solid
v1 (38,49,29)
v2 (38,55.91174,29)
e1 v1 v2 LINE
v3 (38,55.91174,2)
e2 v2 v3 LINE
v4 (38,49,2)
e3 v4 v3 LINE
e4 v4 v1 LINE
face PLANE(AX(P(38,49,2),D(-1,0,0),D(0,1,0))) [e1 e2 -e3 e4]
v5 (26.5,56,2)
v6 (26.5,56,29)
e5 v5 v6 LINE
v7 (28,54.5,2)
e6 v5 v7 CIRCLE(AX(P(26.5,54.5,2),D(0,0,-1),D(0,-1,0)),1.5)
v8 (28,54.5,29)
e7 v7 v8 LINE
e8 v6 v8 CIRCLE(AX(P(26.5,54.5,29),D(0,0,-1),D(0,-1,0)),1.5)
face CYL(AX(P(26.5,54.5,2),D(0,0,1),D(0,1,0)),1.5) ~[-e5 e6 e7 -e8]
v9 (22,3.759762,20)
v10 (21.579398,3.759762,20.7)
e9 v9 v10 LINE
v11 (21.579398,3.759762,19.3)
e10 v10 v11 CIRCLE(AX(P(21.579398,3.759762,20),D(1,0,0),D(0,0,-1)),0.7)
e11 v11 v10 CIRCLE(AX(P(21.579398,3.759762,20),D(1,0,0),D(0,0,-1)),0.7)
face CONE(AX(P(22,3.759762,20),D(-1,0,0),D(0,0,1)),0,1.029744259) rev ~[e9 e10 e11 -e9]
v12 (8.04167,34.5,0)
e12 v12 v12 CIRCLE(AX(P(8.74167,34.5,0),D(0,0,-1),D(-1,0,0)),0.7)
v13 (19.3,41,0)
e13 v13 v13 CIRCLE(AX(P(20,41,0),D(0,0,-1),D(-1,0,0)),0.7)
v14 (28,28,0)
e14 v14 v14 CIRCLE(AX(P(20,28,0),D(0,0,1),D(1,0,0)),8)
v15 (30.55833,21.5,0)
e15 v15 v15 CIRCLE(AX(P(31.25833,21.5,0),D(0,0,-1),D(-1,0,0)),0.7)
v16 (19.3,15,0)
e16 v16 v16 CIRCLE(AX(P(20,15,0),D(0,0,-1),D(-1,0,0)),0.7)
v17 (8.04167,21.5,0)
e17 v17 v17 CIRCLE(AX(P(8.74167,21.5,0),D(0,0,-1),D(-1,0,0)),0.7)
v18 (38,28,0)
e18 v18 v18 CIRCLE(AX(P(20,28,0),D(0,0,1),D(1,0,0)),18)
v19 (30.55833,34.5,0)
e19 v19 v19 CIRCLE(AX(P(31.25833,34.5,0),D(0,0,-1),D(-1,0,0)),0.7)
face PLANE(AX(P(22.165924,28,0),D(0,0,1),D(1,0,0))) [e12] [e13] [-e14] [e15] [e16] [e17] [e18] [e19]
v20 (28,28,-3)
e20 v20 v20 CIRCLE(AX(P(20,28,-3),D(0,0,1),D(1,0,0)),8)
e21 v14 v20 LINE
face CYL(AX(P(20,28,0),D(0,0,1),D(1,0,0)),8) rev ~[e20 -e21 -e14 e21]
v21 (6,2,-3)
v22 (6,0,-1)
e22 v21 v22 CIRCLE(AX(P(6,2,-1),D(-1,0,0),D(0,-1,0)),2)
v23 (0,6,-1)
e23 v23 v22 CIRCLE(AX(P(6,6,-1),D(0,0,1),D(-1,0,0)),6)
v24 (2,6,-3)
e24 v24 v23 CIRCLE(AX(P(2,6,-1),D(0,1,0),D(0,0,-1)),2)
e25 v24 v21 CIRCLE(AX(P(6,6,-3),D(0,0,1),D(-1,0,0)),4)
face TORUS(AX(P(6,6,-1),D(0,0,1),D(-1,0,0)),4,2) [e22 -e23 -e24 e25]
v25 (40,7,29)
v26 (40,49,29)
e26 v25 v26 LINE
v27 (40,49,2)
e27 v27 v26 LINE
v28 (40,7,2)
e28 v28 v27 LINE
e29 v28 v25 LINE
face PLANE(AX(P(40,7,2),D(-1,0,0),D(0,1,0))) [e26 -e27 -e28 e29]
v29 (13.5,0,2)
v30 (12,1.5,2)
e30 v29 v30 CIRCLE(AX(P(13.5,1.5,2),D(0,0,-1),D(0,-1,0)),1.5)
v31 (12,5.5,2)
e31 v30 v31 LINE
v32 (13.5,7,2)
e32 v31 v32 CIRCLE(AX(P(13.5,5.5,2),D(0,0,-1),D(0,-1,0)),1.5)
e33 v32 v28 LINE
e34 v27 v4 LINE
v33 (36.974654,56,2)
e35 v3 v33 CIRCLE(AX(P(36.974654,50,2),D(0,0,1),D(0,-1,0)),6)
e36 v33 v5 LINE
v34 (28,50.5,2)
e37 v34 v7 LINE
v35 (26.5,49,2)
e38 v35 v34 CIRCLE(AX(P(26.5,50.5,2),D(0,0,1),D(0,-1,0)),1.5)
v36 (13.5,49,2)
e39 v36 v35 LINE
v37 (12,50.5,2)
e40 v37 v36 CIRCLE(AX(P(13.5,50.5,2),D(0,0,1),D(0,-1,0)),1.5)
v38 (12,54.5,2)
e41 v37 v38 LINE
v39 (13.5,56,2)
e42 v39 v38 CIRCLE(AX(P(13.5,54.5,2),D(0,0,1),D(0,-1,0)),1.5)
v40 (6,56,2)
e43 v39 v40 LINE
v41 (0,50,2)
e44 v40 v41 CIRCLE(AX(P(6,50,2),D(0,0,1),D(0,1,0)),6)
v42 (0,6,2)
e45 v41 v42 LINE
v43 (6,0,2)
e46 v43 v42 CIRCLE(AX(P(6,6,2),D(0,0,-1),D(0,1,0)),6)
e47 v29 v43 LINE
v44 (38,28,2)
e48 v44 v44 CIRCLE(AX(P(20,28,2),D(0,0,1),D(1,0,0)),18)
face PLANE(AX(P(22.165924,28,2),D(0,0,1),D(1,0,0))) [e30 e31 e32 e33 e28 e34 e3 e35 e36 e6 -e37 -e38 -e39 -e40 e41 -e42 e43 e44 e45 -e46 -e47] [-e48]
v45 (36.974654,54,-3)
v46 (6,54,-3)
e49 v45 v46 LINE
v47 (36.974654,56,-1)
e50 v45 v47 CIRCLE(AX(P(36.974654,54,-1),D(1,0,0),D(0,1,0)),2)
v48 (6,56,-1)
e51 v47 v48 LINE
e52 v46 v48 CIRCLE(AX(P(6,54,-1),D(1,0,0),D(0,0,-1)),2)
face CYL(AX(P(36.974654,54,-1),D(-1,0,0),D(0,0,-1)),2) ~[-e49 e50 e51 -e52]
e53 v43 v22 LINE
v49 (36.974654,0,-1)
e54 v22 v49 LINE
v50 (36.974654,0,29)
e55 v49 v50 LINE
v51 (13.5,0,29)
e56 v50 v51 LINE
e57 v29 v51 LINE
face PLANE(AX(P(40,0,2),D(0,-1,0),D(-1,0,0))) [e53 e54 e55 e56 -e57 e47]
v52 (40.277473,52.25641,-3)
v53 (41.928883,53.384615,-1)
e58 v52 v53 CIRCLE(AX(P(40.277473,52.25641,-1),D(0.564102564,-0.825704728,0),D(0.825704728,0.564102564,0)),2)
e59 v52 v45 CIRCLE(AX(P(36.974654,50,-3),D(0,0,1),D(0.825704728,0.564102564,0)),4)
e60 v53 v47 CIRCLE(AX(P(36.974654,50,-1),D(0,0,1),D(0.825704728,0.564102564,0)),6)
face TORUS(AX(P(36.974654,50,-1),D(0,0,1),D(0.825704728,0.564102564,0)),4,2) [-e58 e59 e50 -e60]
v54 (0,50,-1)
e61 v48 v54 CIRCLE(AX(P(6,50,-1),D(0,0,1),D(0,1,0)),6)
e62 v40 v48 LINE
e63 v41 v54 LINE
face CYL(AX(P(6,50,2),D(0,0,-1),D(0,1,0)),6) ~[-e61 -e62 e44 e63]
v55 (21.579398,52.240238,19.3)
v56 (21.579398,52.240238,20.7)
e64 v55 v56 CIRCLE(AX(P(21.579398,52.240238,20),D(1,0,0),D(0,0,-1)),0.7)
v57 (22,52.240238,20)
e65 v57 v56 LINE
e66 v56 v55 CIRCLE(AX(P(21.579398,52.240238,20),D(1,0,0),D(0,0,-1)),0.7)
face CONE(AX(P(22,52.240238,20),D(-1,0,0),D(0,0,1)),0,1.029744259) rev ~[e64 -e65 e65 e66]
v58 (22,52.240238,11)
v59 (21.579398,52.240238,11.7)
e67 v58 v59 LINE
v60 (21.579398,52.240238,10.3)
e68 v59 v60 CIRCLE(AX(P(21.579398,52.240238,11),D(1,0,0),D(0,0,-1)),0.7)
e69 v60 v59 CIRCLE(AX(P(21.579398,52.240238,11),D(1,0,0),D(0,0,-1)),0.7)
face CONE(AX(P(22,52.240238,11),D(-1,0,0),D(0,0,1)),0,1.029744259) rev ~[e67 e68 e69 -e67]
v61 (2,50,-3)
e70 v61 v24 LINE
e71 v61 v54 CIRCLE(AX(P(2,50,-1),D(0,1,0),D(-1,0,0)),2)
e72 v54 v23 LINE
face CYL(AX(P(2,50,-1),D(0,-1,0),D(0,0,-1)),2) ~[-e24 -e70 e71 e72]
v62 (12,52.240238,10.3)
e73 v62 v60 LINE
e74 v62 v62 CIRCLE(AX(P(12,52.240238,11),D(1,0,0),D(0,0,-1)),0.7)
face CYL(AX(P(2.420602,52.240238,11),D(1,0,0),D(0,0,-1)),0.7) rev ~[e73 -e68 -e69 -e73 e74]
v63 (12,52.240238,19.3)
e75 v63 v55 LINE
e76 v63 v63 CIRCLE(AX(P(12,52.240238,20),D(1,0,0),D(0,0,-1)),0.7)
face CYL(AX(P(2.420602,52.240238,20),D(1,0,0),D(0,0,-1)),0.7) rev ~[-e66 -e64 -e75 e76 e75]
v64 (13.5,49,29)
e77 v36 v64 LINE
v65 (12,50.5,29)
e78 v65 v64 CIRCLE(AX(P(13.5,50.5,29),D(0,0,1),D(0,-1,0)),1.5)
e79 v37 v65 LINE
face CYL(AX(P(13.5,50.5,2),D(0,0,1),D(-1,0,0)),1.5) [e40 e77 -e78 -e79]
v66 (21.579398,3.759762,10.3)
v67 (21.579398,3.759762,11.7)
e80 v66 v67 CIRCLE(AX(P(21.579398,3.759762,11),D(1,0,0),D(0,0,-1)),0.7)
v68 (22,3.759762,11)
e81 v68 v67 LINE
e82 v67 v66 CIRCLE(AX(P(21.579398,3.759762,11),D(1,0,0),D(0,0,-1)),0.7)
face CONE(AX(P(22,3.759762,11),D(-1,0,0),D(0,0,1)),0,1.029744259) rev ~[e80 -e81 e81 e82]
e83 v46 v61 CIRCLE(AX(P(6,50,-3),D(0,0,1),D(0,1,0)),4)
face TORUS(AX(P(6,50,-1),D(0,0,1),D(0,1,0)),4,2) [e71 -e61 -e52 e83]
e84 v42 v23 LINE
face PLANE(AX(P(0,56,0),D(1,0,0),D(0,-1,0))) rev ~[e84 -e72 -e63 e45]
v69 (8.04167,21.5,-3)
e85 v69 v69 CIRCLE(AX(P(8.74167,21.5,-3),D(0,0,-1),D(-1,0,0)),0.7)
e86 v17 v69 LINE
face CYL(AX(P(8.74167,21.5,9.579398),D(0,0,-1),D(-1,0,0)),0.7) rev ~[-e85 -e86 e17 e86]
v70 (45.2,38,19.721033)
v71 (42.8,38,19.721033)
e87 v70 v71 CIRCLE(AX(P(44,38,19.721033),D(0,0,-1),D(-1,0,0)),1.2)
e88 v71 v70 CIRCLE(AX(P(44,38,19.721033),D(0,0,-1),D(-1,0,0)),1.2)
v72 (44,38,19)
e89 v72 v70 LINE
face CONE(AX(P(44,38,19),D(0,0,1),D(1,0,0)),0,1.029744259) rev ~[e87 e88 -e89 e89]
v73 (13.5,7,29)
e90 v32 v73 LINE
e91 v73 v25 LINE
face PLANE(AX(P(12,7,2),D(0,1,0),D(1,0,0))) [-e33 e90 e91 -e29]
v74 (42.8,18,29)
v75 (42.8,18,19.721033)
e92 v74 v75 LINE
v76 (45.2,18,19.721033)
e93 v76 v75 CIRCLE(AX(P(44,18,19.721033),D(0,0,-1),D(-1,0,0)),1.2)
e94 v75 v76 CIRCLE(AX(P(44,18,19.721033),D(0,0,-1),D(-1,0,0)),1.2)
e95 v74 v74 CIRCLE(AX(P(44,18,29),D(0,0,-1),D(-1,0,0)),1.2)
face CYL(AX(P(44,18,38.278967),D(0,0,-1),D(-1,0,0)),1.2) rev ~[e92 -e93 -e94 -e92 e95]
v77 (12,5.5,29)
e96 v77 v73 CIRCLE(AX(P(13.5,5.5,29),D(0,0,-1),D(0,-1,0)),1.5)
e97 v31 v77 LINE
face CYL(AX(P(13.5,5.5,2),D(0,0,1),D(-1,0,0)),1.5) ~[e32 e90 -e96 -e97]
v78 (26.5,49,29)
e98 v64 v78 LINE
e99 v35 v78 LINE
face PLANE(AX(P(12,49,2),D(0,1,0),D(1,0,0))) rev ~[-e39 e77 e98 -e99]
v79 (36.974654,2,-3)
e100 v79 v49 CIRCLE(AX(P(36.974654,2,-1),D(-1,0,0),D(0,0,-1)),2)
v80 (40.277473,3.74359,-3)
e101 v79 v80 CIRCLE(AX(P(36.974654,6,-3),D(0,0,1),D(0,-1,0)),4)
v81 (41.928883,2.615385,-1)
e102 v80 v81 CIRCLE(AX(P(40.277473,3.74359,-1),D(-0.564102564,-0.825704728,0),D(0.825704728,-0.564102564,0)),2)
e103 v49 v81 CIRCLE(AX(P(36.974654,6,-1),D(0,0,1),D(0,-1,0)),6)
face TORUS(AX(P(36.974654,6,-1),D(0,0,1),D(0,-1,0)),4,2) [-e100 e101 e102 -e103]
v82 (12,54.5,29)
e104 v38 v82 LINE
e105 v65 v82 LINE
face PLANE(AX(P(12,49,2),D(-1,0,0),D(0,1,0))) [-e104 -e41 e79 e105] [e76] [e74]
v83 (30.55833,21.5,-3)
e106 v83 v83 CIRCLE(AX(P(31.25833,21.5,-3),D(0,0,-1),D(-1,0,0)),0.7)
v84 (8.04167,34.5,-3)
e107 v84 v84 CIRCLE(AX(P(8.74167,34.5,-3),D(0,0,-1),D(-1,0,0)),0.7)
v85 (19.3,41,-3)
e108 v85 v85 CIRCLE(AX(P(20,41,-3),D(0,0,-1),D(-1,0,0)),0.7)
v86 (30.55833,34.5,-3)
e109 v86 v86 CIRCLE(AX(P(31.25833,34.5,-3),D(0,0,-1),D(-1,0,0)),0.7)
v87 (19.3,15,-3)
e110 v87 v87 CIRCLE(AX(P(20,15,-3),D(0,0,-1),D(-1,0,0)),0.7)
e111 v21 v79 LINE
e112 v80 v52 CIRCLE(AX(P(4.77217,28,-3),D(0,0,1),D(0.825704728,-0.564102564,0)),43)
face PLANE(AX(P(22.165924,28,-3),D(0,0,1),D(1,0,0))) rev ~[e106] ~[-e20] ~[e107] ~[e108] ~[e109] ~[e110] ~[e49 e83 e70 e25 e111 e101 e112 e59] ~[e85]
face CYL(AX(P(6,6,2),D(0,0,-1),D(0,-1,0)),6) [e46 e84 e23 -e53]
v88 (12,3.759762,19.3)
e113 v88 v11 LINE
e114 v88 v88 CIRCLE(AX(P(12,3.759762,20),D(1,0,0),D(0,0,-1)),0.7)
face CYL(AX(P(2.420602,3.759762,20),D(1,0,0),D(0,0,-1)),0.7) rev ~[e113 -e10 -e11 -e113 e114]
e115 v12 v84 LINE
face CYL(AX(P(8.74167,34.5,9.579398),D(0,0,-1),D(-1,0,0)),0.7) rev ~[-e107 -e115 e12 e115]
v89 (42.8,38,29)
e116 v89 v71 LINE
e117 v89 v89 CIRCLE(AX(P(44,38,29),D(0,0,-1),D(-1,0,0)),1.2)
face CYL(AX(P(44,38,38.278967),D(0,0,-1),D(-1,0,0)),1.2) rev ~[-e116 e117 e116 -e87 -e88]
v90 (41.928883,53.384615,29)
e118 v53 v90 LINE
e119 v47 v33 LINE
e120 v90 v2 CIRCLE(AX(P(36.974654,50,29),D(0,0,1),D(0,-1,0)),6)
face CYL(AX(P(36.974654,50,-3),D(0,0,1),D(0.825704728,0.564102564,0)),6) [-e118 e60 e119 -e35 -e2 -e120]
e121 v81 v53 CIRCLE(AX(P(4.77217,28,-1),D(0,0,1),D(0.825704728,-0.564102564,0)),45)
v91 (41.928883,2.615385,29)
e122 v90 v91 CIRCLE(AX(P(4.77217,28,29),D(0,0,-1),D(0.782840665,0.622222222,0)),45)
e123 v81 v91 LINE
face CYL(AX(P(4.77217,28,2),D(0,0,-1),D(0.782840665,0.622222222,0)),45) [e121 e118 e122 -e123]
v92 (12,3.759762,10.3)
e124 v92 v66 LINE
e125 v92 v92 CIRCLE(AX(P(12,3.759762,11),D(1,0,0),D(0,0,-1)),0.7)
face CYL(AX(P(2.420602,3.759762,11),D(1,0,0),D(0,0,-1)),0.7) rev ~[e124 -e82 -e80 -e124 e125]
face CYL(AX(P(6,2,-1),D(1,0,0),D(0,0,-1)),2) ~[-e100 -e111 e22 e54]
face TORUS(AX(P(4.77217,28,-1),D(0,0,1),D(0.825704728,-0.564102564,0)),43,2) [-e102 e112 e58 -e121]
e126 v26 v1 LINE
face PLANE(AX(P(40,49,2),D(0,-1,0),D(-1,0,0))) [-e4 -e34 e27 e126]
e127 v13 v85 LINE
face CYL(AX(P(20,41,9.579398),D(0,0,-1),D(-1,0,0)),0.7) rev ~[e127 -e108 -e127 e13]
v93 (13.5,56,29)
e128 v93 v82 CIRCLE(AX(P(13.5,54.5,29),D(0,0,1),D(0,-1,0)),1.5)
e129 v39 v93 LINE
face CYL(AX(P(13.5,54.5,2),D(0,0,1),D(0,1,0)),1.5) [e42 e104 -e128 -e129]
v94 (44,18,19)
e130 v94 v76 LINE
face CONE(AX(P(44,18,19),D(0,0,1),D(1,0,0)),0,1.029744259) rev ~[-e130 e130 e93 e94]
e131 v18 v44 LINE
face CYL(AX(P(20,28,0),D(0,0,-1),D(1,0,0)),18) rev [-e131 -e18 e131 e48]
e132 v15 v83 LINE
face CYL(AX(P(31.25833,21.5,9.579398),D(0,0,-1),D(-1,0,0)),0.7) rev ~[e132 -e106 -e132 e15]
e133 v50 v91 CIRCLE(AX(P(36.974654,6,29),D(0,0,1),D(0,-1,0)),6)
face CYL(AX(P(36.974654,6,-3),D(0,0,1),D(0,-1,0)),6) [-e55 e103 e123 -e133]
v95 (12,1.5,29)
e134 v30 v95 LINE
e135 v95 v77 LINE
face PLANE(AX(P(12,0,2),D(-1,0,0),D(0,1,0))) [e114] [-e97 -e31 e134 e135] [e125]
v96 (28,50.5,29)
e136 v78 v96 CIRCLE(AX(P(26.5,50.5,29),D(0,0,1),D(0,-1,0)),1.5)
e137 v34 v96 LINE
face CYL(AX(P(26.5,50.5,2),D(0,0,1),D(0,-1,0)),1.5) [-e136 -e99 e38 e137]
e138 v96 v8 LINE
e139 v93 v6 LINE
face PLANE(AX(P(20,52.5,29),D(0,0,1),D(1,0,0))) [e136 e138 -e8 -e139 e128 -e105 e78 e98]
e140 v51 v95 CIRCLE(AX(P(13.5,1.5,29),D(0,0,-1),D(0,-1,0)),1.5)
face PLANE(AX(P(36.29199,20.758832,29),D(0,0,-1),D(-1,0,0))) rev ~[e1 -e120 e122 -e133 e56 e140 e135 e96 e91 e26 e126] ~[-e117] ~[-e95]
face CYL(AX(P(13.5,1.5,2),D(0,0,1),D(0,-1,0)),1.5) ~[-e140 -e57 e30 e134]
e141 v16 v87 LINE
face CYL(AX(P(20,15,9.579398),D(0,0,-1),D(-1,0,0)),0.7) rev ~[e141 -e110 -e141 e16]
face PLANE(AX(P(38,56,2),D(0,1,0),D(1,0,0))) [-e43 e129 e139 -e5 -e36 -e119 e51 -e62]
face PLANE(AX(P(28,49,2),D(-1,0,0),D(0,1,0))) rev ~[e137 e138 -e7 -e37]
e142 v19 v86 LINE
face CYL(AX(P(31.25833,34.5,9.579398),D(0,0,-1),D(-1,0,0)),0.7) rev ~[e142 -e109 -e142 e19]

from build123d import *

# Parameters (mm, degrees)
SKETCH_1_R              = 8
EXTRUDE_1_DEPTH         = 3
HOLE_WIZARD_M1_21_D     = 1.4
HOLE_WIZARD_M1_21_DEPTH = 9.579397567
HOLE_WIZARD_M1_21_TIP   = 0.420602433
EXTRUDE_START           = 2
SKETCH_1_3_R            = 18
EXTRUDE_2_DEPTH         = 2
EXTRUDE_START_2         = 27
SKETCH_2_W              = 16
SKETCH_2_H              = 7
EXTRUDE_3_DEPTH         = 27
FILLET_1_R              = 6
FILLET_3_R              = 1.5
HOLE_WIZARD_M21_D       = 2.4
HOLE_WIZARD_M21_DEPTH   = 9.278967257
HOLE_WIZARD_M21_TIP     = 0.721032743
HOLE_WIZARD_M1_22_D     = 1.4
HOLE_WIZARD_M1_22_DEPTH = 9.579397567
HOLE_WIZARD_M1_22_TIP   = 0.420602433
FILLET_4_R              = 2


with BuildPart() as part:
    # Эскиз1 → Бобышка-Вытянуть1 (new body)
    with BuildSketch(Plane.XY):
        with BuildLine():
            Line((0, 56), (0, 0))
            Line((0, 0), (40, 0))
            ThreePointArc((40, 0), (49.772170092, 28), (40, 56))
            Line((40, 56), (0, 56))
        make_face()
        with Locations((20, 28)):
            Circle(SKETCH_1_R, mode=Mode.SUBTRACT)
    extrude(amount=-EXTRUDE_1_DEPTH)

    # Отверстие с зазором M1.21
    with Locations(Plane.XY):
        with Locations((20, 41), (31.258330249, 34.5), (31.258330249, 21.5), (20, 15), (8.741669751, 21.5), (8.741669751, 34.5)):
            Hole(HOLE_WIZARD_M1_21_D / 2, depth=HOLE_WIZARD_M1_21_DEPTH)
            with Locations((0, 0, -(HOLE_WIZARD_M1_21_DEPTH + HOLE_WIZARD_M1_21_TIP / 2))):  # 118° drill point
                Cone(0, HOLE_WIZARD_M1_21_D / 2, HOLE_WIZARD_M1_21_TIP, mode=Mode.SUBTRACT)

    # Эскиз1<3> → Бобышка-Вытянуть2 (add)
    with BuildSketch(Plane.XY.offset(EXTRUDE_START)):
        with BuildLine():
            Line((0, 56), (0, 0))
            Line((0, 0), (40, 0))
            ThreePointArc((40, 0), (49.772170092, 28), (40, 56))
            Line((40, 56), (0, 56))
        make_face()
        with Locations((20, 28)):
            Circle(SKETCH_1_3_R, mode=Mode.SUBTRACT)
    extrude(amount=-EXTRUDE_2_DEPTH)

    # Эскиз2 → Бобышка-Вытянуть3 (add)
    with BuildSketch(Plane.XY.offset(2).offset(EXTRUDE_START_2)):
        with BuildLine():
            Line((40, 0), (12, 0))
            Line((12, 0), (12, 7))
            Line((12, 7), (40, 7))
            Line((40, 7), (40, 49))
            Line((40, 49), (38, 49))
            Line((38, 49), (38, 56))
            Line((38, 56), (40, 56))
            ThreePointArc((40, 56), (49.772170092, 28), (40, 0))
        make_face()
        with Locations((20, 52.5)):
            Rectangle(SKETCH_2_W, SKETCH_2_H)
    extrude(amount=-EXTRUDE_3_DEPTH)

    # Скругление1
    fillet_1_edges = [part.edges().sort_by_distance(p)[0] for p in [
        (40, 56, 13),
        (40, 0, 13),
        (0, 0, -0.5),
        (0, 56, -0.5),
    ]]
    fillet(fillet_1_edges, radius=FILLET_1_R)

    # Скругление3
    fillet_3_edges = [part.edges().sort_by_distance(p)[0] for p in [
        (12, 0, 15.5),
        (12, 7, 15.5),
        (28, 56, 15.5),
        (28, 49, 15.5),
        (12, 56, 15.5),
        (12, 49, 15.5),
    ]]
    fillet(fillet_3_edges, radius=FILLET_3_R)

    # Отверстие с зазором M21
    with Locations(Plane.XY.offset(29)):
        with Locations((44, 38), (44, 18)):
            Hole(HOLE_WIZARD_M21_D / 2, depth=HOLE_WIZARD_M21_DEPTH)
            with Locations((0, 0, -(HOLE_WIZARD_M21_DEPTH + HOLE_WIZARD_M21_TIP / 2))):  # 118° drill point
                Cone(0, HOLE_WIZARD_M21_D / 2, HOLE_WIZARD_M21_TIP, mode=Mode.SUBTRACT)

    # Отверстие с зазором M1.22
    with Locations(Plane.ZY.offset(-12)):
        with Locations((20, 52.240238149), (11, 52.240238149), (20, 3.759761857), (11, 3.759761857)):
            Hole(HOLE_WIZARD_M1_22_D / 2, depth=HOLE_WIZARD_M1_22_DEPTH)
            with Locations((0, 0, -(HOLE_WIZARD_M1_22_DEPTH + HOLE_WIZARD_M1_22_TIP / 2))):  # 118° drill point
                Cone(0, HOLE_WIZARD_M1_22_D / 2, HOLE_WIZARD_M1_22_TIP, mode=Mode.SUBTRACT)

    # Скругление4
    fillet_4_edges = [part.edges().sort_by_distance(p)[0] for p in [
        (39.775753154, 0.693980197, -3),
        (21.487327234, 0, -3),
        (1.757359313, 1.757359313, -3),
        (0, 28, -3),
        (1.757359313, 54.242640687, -3),
        (21.487327234, 56, -3),
        (39.775753154, 55.306019803, -3),
        (49.772170092, 28, -3),
    ]]
    fillet(fillet_4_edges, radius=FILLET_4_R)


solid = part.part
